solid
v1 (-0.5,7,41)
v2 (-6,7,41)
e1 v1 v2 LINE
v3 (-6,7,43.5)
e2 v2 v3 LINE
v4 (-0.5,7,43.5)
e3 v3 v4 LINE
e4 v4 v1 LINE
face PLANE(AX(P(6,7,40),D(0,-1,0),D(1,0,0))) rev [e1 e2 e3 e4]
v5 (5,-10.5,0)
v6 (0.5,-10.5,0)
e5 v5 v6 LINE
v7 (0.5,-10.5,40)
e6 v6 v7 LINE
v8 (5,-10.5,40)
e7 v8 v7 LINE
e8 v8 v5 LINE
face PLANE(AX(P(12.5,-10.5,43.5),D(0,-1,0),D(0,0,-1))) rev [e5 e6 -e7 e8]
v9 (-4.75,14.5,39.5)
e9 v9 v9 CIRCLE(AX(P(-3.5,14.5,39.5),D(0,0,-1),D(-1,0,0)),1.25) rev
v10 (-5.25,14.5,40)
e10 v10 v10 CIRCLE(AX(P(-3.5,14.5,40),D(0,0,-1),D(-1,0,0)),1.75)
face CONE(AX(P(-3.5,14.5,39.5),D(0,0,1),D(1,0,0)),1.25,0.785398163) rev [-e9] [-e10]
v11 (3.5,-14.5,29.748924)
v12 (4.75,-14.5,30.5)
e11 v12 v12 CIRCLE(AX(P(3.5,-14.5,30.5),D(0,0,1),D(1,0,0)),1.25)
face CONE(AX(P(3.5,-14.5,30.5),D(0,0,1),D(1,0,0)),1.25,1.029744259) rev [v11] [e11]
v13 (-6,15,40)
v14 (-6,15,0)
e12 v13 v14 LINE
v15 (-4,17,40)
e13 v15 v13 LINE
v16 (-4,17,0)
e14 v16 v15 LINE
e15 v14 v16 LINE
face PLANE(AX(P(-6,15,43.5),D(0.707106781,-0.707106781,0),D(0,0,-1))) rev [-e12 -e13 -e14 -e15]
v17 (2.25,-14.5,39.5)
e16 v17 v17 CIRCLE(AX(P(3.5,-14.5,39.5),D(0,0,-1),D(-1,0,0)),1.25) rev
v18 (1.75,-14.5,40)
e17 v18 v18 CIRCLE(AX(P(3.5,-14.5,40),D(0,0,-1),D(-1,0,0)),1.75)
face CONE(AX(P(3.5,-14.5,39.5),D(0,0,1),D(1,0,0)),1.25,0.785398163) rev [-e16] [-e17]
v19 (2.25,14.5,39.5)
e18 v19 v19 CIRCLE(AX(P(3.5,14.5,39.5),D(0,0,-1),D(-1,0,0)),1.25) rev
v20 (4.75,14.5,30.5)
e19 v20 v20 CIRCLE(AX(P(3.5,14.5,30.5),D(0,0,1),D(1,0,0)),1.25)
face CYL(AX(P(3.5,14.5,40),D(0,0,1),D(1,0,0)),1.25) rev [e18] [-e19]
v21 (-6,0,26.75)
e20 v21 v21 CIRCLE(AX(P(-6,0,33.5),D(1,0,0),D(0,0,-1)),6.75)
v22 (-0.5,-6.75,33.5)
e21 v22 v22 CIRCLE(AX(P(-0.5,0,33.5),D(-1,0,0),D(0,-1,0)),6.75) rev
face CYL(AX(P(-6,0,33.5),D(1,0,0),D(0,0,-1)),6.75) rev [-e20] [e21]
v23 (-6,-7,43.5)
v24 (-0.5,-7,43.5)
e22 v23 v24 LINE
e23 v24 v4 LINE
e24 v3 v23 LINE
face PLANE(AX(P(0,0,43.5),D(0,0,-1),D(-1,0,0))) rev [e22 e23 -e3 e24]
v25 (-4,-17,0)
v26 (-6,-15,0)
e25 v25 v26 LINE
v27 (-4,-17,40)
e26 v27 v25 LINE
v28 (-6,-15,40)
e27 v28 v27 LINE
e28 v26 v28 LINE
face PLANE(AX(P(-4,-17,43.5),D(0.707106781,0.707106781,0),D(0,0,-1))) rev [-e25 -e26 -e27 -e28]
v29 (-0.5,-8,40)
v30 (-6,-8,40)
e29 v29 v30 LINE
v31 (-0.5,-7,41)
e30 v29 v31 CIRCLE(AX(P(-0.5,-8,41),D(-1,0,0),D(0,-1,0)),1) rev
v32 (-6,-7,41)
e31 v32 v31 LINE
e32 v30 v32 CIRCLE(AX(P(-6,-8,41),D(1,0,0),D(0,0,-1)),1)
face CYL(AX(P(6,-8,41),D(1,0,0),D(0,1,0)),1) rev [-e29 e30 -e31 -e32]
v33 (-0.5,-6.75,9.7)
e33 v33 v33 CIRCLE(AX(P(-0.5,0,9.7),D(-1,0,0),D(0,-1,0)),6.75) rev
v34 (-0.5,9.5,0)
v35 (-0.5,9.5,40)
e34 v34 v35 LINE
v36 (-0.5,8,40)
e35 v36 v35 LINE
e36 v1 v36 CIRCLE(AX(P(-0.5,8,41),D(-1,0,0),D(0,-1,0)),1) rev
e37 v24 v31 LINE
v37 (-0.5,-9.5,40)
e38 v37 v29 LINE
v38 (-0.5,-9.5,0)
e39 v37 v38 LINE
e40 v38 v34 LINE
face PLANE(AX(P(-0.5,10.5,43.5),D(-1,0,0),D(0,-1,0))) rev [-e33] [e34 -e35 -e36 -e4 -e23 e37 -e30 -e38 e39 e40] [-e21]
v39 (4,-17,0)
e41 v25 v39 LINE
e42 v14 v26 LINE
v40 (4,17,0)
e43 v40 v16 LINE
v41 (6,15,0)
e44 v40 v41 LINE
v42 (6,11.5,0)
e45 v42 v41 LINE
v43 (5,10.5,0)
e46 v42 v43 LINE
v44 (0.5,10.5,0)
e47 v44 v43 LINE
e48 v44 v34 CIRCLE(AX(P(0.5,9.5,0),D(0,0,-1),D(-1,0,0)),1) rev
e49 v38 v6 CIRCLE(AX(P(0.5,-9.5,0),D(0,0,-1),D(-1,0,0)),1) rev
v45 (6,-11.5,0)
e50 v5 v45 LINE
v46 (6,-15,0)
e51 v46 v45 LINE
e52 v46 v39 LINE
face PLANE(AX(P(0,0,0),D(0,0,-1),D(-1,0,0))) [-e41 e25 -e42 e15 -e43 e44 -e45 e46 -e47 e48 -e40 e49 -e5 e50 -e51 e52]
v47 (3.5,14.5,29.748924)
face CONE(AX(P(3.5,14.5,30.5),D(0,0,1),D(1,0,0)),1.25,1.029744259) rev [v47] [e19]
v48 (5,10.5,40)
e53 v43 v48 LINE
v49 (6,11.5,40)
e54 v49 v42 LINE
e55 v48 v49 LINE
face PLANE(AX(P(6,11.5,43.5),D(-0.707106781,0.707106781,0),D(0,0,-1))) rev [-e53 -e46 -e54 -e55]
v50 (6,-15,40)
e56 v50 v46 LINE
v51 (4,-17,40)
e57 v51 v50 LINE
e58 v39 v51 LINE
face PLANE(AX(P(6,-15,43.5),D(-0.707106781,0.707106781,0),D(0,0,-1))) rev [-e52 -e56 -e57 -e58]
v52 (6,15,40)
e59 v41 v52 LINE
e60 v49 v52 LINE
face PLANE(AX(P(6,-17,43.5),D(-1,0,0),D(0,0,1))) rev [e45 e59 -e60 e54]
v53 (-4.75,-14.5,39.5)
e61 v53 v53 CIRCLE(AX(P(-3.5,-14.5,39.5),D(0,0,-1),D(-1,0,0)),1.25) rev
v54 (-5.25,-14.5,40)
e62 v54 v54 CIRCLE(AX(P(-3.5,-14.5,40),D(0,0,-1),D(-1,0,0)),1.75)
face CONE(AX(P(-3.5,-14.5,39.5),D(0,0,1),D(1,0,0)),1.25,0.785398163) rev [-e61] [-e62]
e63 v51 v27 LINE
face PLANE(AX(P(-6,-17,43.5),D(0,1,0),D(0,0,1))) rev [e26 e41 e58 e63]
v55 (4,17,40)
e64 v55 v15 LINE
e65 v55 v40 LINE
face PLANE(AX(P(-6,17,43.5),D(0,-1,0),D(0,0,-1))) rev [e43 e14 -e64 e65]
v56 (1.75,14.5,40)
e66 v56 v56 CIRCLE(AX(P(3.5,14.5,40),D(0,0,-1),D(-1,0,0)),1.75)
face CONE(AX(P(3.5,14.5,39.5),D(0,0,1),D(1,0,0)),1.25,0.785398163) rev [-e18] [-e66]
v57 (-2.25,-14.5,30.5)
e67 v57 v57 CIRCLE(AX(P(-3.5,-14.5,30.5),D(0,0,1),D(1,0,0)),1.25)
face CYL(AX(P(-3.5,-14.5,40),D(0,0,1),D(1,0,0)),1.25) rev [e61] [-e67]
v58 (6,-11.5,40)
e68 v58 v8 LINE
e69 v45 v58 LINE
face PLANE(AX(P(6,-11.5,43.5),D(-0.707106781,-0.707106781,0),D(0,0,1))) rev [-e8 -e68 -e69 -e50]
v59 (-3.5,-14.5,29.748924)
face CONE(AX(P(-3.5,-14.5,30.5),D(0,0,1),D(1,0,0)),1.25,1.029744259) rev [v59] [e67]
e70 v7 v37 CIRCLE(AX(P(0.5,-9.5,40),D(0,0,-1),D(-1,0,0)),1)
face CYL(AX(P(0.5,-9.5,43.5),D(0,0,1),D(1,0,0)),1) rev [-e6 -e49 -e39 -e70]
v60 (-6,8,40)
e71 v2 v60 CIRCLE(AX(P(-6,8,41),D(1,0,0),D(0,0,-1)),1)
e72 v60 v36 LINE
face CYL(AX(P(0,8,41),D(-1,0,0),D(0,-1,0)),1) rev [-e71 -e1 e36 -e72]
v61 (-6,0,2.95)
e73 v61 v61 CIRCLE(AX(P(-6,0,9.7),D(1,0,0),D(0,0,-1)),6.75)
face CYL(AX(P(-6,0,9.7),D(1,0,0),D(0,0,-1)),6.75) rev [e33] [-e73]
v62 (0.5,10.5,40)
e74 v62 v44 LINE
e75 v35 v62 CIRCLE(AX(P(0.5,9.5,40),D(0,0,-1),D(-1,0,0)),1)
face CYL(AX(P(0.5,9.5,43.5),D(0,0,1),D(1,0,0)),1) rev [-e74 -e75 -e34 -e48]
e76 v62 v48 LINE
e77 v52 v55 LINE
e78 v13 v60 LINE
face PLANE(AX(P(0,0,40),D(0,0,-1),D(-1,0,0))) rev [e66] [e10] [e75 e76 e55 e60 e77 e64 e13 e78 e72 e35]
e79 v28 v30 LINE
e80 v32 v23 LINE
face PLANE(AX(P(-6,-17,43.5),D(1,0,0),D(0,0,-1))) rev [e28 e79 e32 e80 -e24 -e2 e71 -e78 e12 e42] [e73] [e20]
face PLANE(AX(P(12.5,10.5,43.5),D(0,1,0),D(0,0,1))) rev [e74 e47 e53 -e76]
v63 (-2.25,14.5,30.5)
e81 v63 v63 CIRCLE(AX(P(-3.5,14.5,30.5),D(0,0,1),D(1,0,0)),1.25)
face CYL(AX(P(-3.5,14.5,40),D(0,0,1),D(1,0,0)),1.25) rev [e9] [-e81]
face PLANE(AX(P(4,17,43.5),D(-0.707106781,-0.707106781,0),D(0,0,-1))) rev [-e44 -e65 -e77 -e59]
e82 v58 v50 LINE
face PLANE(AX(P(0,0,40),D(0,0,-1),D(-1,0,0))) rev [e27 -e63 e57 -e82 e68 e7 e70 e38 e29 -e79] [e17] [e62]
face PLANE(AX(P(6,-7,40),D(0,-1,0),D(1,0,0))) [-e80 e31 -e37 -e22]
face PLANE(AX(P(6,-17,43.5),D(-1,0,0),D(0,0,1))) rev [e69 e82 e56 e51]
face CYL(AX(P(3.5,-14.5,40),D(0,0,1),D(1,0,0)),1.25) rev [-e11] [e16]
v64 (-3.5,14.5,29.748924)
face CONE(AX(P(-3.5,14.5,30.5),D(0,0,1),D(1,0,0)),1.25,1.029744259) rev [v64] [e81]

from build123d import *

# Parameters (mm, degrees)
SKETCH_1_W                  = 12
SKETCH_1_H                  = 34
EXTRUDE_1_DEPTH             = 43.5
SKETCH_3_R                  = 6.75
CUT_EXTRUDE_1_DEPTH         = 49.220846115
SKETCH_4_W                  = 12
SKETCH_4_H                  = 10
CUT_EXTRUDE_2_DEPTH         = 3.5
FILLET_1_R                  = 1
HOLE_WIZARD_M3_1_AT_2_COUNT = 2
HOLE_WIZARD_M3_1_AT_2_PITCH = 7
CHAMFER_1_SIZE              = 0.5
SKETCH_7_W                  = 13
SKETCH_7_H                  = 21
CUT_EXTRUDE_3_DEPTH         = 48.087684165
CHAMFER_2_SIZE              = 2
CHAMFER_3_SIZE              = 1
FILLET_2_R                  = 1


with BuildPart() as part:
    # 草图1 → 凸台-拉伸1 (new body)
    with BuildSketch(Plane.XY):
        Rectangle(SKETCH_1_W, SKETCH_1_H)
    extrude(amount=EXTRUDE_1_DEPTH)

    # 草图3 → 切除-拉伸1 (cut, through all)
    with BuildSketch(Plane(origin=(6, 0, 0), x_dir=(0, 0, -1), z_dir=(1, 0, 0))):
        with Locations((-33.5, 0)):
            Circle(SKETCH_3_R)
        with Locations((-9.7, 0)):
            Circle(SKETCH_3_R)
    extrude(amount=-CUT_EXTRUDE_1_DEPTH, mode=Mode.SUBTRACT)

    # 草图4 → 切除-拉伸2 (cut)
    with BuildSketch(Plane.XY.offset(43.5)):
        with Locations((0, 12)):
            Rectangle(SKETCH_4_W, SKETCH_4_H)
    cut_extrude_2 = extrude(amount=-CUT_EXTRUDE_2_DEPTH, mode=Mode.SUBTRACT)

    # 镜向1: 切除-拉伸2 across plane
    add(cut_extrude_2.mirror(Plane.ZX), mode=Mode.SUBTRACT)

    # 圆角1
    fillet_1_edges = [part.edges().sort_by_distance(p)[0] for p in [
        (0, 7, 40),
        (0, -7, 40),
    ]]
    fillet(fillet_1_edges, radius=FILLET_1_R)

    # 草图5 → M3 螺纹孔1 (revolve, cut)
    with BuildSketch(Plane(origin=(3.5, 14.5, 40), x_dir=(0, -1, 0), z_dir=(1, 0, 0))):
        Polygon((0, 0), (0, 10.251075774), (1.25, 9.5), (1.25, 0), align=None)
    hole_wizard_m3_1 = revolve(axis=Axis((3.5, 14.5, 46.35), (0, 0, -1)), mode=Mode.SUBTRACT)

    # M3 螺纹孔1 at 2: M3 螺纹孔1 ×2
    with Locations(*[(-i * HOLE_WIZARD_M3_1_AT_2_PITCH, 0, 0) for i in range(1, HOLE_WIZARD_M3_1_AT_2_COUNT)]):
        add(hole_wizard_m3_1, mode=Mode.SUBTRACT)

    # 镜向2: M3 螺纹孔1 across plane
    add(hole_wizard_m3_1.mirror(Plane.ZX), mode=Mode.SUBTRACT)

    # 镜向2 copy 1 sketch → 镜向2 copy 1 (revolve, cut)
    with BuildSketch(Plane(origin=(-3.5, -14.5, 40), x_dir=(0, 1, 0), z_dir=(1, 0, 0))):
        Polygon((0, 0), (0, -10.251075774), (1.25, -9.5), (1.25, 0), align=None)
    revolve(axis=Axis((-3.5, -14.5, 46.35), (0, 0, 1)), mode=Mode.SUBTRACT)

    # 倒角1
    chamfer_1_edges = [part.edges().sort_by_distance(p)[0] for p in [
        (-3.5, 15.75, 40),
        (3.5, 15.75, 40),
        (-3.5, -15.75, 40),
        (3.5, -15.75, 40),
    ]]
    chamfer(chamfer_1_edges, length=CHAMFER_1_SIZE)

    # 草图7 → 切除-拉伸3 (cut, through all)
    with BuildSketch(Plane(origin=(0, 0, 0), x_dir=(-1, 0, 0), z_dir=(0, 0, -1))):
        with Locations((-6, 0)):
            Rectangle(SKETCH_7_W, SKETCH_7_H)
    extrude(amount=-CUT_EXTRUDE_3_DEPTH, mode=Mode.SUBTRACT)

    # 倒角2
    chamfer_2_edges = [part.edges().sort_by_distance(p)[0] for p in [
        (-6, 17, 20),
        (6, 17, 20),
        (6, -17, 20),
        (-6, -17, 20),
    ]]
    chamfer(chamfer_2_edges, length=CHAMFER_2_SIZE)

    # 倒角3
    chamfer_3_edges = [part.edges().sort_by_distance(p)[0] for p in [
        (6, 10.5, 20),
        (6, -10.5, 20),
    ]]
    chamfer(chamfer_3_edges, length=CHAMFER_3_SIZE)

    # 圆角2
    fillet_2_edges = [part.edges().sort_by_distance(p)[0] for p in [
        (-0.5, -10.5, 20),
        (-0.5, 10.5, 20),
    ]]
    fillet(fillet_2_edges, radius=FILLET_2_R)


solid = part.part
